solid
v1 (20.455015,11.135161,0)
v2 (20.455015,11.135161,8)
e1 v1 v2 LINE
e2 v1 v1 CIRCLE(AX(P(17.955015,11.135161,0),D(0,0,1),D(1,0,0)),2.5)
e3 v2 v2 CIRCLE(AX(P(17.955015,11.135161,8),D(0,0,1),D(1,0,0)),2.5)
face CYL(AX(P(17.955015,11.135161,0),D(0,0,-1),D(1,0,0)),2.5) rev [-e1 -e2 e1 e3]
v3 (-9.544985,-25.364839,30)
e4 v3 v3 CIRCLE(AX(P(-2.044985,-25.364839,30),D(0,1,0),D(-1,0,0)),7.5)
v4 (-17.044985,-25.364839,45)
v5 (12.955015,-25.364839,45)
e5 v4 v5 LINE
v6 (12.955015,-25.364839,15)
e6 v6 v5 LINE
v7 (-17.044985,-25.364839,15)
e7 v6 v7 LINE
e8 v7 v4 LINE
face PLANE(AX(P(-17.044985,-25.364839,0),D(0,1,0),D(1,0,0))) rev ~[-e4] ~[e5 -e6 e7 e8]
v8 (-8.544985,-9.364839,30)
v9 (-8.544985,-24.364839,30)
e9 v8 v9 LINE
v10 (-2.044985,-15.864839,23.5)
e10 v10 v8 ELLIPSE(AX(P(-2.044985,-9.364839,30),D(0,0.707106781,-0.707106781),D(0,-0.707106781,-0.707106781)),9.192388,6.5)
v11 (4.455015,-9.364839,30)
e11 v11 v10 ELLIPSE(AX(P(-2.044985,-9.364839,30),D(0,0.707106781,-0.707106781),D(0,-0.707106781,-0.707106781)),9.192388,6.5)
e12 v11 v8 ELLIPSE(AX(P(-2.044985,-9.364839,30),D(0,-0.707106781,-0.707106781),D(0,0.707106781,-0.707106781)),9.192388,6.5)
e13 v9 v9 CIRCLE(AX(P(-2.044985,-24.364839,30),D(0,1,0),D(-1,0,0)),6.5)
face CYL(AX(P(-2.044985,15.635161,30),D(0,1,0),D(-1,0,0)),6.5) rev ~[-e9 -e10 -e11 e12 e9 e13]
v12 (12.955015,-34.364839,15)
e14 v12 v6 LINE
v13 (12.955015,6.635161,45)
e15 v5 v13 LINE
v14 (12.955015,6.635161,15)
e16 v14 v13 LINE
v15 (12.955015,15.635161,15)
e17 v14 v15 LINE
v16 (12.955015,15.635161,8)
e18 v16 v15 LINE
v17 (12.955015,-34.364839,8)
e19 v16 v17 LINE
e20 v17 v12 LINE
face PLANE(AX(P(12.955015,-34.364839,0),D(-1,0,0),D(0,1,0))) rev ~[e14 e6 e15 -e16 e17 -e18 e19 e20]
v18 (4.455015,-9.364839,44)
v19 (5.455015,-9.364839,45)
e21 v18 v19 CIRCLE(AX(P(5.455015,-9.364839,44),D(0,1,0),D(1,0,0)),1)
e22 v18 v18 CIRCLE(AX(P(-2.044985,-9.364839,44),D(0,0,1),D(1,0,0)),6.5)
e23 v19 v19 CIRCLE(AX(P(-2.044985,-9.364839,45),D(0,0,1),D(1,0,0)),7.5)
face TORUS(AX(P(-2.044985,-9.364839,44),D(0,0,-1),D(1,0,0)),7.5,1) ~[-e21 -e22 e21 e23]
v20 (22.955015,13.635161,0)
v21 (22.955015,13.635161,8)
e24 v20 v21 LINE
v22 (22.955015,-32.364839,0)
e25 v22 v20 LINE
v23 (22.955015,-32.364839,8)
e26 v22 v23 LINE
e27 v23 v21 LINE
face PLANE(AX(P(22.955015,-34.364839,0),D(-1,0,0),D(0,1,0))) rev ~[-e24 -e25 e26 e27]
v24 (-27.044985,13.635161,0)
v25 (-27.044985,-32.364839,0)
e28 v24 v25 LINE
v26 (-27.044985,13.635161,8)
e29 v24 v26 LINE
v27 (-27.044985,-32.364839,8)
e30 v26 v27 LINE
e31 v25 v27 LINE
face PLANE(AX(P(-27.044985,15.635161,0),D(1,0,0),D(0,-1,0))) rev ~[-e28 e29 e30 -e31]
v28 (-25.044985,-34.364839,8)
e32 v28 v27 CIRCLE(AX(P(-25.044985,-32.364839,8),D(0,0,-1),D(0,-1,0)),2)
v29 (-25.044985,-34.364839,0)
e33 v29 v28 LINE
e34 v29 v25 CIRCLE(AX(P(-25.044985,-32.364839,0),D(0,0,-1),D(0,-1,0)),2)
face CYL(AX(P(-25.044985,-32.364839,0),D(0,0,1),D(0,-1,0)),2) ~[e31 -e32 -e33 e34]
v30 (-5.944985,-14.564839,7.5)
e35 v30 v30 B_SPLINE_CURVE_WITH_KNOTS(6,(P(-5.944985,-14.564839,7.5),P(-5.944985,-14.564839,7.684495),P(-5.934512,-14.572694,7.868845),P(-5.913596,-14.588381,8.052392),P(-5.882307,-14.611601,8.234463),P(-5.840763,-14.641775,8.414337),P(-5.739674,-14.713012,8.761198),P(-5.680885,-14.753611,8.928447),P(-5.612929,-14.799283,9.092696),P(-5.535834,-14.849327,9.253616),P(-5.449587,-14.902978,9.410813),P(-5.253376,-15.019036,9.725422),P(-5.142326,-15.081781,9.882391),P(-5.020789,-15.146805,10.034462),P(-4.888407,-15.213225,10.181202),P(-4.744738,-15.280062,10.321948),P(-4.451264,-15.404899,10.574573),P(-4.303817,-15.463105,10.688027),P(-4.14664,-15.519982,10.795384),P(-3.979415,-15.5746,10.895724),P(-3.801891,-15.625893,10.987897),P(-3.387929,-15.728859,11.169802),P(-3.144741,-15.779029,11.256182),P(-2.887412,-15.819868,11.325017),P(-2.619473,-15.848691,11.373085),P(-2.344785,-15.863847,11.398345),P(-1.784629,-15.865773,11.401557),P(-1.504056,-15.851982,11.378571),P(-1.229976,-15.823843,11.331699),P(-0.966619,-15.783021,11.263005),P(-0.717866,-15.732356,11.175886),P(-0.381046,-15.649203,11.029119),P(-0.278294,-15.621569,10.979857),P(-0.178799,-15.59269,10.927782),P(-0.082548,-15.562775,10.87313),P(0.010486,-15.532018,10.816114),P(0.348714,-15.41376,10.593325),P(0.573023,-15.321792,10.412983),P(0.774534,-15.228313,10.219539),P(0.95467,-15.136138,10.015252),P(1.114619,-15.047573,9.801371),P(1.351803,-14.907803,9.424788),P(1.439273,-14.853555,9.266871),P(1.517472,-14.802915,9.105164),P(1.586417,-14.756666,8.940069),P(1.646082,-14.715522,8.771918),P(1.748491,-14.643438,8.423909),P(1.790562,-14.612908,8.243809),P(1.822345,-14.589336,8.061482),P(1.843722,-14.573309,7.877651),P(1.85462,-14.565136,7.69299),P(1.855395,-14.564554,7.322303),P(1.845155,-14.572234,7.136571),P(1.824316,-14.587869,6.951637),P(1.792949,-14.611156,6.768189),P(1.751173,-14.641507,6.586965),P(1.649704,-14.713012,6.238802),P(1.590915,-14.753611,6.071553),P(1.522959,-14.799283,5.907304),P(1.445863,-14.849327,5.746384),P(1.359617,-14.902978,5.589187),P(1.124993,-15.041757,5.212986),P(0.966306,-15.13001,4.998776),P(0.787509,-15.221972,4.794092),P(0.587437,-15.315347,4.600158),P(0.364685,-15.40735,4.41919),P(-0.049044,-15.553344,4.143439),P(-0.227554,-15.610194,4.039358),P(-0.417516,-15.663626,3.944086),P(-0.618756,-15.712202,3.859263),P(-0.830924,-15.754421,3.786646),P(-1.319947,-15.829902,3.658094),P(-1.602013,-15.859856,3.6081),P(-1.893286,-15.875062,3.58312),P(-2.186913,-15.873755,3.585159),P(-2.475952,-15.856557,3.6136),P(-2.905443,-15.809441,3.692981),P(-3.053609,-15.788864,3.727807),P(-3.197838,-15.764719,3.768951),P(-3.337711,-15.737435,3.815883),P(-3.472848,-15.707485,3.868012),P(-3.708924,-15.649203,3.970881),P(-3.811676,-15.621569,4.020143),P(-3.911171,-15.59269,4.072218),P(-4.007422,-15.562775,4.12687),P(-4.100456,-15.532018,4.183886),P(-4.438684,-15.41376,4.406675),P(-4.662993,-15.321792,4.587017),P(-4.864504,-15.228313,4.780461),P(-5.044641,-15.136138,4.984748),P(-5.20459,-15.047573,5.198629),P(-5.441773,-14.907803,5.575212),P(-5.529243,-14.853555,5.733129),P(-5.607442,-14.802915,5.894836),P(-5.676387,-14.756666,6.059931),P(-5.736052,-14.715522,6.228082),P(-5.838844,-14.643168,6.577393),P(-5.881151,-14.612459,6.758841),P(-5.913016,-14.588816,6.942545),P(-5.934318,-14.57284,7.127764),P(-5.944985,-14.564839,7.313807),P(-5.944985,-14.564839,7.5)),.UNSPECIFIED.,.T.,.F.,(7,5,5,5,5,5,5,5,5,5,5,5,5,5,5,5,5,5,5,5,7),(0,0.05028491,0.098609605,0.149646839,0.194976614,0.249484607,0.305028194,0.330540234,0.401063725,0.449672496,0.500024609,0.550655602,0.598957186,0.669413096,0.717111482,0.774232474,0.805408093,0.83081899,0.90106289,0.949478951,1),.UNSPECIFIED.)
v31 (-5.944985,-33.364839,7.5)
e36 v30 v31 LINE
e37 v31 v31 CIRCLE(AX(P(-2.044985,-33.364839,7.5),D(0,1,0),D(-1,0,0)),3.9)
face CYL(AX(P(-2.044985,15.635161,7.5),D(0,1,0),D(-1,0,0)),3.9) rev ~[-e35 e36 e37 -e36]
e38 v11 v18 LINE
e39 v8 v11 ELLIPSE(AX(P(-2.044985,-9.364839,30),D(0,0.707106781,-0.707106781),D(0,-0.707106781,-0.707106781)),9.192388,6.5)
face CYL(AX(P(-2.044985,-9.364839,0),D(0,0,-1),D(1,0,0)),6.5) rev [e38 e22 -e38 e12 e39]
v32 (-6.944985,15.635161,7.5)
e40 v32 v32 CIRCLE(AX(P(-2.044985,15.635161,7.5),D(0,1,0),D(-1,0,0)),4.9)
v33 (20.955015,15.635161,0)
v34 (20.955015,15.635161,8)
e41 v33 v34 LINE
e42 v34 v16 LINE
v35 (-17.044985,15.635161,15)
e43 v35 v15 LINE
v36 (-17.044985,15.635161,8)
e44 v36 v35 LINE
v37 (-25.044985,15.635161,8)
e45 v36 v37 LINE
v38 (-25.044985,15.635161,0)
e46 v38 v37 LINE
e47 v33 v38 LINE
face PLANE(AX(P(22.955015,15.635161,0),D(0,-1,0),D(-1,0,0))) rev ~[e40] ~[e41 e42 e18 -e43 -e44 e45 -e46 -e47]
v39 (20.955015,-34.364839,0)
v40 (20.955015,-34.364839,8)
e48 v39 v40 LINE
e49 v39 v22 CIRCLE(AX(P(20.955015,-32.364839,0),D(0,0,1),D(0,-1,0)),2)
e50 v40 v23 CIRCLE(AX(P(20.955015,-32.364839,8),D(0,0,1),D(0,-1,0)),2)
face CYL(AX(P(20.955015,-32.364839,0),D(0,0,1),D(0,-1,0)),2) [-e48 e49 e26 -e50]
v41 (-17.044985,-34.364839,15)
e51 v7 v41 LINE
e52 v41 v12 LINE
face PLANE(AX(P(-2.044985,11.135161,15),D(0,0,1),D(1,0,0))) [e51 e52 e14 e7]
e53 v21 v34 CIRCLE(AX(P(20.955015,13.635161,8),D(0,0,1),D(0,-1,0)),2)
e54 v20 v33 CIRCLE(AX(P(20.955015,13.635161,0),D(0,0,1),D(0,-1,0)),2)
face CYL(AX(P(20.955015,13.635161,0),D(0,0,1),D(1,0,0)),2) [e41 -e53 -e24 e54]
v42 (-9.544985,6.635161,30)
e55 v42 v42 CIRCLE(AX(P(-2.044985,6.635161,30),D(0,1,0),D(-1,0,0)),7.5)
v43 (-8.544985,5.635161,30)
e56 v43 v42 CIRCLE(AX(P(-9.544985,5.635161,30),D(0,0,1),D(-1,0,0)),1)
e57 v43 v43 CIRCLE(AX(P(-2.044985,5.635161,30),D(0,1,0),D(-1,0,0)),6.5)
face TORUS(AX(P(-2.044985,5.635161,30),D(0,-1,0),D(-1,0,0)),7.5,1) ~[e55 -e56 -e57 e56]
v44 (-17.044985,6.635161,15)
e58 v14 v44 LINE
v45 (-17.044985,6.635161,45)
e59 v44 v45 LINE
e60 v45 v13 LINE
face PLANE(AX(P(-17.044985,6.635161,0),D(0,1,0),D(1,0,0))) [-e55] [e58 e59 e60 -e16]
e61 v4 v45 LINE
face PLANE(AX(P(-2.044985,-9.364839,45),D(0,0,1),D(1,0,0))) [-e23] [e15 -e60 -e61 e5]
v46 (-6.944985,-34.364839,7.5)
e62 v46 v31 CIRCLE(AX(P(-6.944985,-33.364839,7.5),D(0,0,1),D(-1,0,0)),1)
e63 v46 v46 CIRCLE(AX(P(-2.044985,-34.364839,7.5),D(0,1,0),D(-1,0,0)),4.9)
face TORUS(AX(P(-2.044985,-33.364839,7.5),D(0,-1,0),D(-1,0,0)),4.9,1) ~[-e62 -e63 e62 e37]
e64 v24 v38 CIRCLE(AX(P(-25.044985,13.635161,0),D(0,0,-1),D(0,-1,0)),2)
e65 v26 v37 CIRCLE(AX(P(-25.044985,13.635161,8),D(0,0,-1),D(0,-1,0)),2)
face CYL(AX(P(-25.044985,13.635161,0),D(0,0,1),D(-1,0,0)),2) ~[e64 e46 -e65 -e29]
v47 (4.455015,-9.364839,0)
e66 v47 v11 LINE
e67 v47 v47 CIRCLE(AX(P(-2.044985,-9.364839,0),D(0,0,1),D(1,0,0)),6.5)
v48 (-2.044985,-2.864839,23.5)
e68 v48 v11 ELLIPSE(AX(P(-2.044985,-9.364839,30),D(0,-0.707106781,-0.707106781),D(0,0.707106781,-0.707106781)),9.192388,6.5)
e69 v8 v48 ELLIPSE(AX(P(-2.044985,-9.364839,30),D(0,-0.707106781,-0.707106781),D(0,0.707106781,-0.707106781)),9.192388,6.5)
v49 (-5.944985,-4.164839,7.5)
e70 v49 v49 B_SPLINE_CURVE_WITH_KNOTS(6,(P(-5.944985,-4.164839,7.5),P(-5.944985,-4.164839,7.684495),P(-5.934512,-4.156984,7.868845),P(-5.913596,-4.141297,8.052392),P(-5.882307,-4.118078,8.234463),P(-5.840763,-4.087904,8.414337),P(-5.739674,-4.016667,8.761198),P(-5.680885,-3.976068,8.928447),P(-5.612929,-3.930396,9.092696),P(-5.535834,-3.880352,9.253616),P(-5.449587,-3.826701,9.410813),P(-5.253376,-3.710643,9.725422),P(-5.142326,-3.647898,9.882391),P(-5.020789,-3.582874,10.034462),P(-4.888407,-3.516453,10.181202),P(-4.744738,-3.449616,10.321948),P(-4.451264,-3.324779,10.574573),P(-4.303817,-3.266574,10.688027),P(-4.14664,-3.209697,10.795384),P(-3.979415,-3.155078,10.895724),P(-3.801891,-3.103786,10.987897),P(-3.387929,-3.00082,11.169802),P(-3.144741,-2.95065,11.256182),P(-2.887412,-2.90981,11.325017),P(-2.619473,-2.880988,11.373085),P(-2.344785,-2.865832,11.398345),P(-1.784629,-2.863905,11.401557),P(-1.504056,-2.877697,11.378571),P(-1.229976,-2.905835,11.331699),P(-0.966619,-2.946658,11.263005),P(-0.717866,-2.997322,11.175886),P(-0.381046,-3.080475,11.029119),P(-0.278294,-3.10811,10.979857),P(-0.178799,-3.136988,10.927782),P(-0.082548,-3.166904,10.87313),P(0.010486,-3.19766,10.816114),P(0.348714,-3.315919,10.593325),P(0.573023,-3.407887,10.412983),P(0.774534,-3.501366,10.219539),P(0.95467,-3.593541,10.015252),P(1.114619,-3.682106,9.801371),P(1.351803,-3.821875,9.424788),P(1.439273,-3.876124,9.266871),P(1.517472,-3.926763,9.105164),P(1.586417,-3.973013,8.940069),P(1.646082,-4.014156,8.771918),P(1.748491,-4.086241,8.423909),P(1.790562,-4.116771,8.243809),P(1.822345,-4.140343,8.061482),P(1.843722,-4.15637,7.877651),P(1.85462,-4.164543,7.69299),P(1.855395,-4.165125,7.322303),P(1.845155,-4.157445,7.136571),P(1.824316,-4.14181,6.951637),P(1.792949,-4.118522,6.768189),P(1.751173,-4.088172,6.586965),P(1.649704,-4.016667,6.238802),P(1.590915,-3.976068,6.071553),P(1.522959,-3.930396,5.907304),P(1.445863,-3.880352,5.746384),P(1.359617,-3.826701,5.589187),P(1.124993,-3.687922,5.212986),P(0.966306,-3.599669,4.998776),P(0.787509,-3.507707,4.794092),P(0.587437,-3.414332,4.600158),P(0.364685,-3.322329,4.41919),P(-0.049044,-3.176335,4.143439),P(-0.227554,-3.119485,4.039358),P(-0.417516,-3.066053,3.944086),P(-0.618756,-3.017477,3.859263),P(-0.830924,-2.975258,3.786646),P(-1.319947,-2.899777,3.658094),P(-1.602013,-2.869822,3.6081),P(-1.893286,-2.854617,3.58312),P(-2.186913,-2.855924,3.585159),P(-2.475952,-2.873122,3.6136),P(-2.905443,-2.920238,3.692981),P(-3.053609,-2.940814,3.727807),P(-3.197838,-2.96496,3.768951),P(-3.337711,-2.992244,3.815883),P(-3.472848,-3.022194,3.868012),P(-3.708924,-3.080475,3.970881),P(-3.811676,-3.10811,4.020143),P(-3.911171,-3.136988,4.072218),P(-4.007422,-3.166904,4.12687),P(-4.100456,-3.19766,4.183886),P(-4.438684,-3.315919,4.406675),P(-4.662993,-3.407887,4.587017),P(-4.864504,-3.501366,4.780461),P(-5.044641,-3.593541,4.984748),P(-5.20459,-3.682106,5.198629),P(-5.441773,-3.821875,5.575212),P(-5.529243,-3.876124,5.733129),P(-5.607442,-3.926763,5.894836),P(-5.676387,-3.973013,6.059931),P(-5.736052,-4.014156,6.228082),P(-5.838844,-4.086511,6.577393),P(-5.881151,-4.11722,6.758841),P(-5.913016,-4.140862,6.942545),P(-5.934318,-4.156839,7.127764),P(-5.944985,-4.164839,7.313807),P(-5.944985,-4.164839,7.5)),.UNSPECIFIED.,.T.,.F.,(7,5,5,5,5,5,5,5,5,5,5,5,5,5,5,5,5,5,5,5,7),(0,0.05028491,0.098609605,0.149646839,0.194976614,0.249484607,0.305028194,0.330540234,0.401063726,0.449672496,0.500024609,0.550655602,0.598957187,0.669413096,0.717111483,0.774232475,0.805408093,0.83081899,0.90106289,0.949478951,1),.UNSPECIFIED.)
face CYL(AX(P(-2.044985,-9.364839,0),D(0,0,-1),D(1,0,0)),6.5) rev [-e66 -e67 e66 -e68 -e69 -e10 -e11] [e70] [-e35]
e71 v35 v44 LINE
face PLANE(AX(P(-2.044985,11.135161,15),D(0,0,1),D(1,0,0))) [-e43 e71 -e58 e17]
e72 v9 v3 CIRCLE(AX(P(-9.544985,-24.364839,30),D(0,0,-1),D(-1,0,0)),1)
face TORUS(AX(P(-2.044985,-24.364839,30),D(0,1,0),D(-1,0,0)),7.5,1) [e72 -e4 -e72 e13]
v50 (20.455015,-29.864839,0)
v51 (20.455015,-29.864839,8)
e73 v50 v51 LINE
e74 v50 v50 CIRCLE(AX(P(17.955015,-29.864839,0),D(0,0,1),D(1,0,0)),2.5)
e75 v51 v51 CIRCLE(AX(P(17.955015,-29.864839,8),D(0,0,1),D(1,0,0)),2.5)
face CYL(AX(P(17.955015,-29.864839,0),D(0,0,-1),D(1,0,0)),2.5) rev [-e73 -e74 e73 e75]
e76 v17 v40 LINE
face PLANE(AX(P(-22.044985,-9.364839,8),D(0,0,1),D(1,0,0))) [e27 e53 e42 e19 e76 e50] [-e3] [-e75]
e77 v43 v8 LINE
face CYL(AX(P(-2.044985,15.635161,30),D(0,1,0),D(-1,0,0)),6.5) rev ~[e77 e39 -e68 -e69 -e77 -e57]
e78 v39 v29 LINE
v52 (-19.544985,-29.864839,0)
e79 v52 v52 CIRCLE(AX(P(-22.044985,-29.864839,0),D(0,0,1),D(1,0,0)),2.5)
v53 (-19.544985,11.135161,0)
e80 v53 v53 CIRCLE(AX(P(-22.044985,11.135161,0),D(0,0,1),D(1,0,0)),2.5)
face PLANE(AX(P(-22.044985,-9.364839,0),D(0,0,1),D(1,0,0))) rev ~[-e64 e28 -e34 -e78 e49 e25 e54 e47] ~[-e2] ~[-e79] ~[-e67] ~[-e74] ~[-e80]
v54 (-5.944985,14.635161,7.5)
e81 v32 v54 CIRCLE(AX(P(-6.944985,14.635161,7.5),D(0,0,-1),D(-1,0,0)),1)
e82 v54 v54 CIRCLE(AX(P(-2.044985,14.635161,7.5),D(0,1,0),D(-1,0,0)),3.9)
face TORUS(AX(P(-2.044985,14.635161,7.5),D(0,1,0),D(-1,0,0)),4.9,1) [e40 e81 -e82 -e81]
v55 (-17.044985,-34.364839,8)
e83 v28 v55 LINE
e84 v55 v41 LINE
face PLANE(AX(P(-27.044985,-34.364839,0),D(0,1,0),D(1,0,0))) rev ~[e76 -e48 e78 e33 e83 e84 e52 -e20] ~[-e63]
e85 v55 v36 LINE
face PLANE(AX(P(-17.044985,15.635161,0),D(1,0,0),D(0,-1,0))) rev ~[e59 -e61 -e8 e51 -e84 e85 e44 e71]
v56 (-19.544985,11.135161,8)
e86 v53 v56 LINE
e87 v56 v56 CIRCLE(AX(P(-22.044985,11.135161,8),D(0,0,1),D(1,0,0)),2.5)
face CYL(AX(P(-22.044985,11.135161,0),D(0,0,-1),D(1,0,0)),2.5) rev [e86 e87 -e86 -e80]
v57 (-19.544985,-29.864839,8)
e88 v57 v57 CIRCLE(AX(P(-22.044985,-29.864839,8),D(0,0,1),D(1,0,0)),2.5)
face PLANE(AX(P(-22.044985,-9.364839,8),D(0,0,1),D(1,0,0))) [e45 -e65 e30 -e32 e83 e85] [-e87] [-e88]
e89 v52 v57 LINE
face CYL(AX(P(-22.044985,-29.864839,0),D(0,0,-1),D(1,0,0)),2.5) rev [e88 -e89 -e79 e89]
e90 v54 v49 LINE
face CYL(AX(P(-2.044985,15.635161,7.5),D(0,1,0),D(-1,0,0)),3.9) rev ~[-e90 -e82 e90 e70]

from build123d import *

# Parameters (mm, degrees)
F0_R     = 2.5
F0_W     = 30
F0_H     = 9
F0_H_2   = 32
F0_R_2   = 6.5
F1_DEPTH = 8
F2_DEPTH = 15
F3_DEPTH = 45
F4_R     = 6.5
F4_R_2   = 3.9
F5_DEPTH = 50.001
F6_R     = 1
F7_R     = 2


with BuildPart() as f1:
    # F0 (on Top) → F1 (new body)
    with BuildSketch(Plane.XY):
        Polygon((-17.0449850708, 15.6351606453), (-27.0449850708, 15.6351606453), (-27.0449850708, -34.3648393547), (-17.0449850708, -34.3648393547), (-17.0449850708, -25.3648393547), (-17.0449850708, 6.6351606453), align=None)
        with Locations((-22.0449850708, -29.8648393547)):
            Circle(F0_R, mode=Mode.SUBTRACT)
        with Locations((-22.0449850708, 11.1351606453)):
            Circle(F0_R, mode=Mode.SUBTRACT)
        with Locations((-2.0449850708, 11.1351606453)):
            Rectangle(F0_W, F0_H)
        Polygon((22.9550149292, 15.6351606453), (12.9550149292, 15.6351606453), (12.9550149292, 6.6351606453), (12.9550149292, -25.3648393547), (12.9550149292, -34.3648393547), (22.9550149292, -34.3648393547), align=None)
        with Locations((17.9550149292, -29.8648393547)):
            Circle(F0_R, mode=Mode.SUBTRACT)
        with Locations((17.9550149292, 11.1351606453)):
            Circle(F0_R, mode=Mode.SUBTRACT)
        with Locations((-2.0449850708, -29.8648393547)):
            Rectangle(F0_W, F0_H)
        with Locations((-2.0449850708, -9.3648393547)):
            Rectangle(F0_W, F0_H_2)
        with Locations((-2.0449850708, -9.3648393547)):
            Circle(F0_R_2, mode=Mode.SUBTRACT)
    extrude(amount=F1_DEPTH)

    # F0 (on Top) → F2 (join)
    with BuildSketch(Plane.XY):
        with Locations((-2.0449850708, 11.1351606453)):
            Rectangle(F0_W, F0_H)
        with Locations((-2.0449850708, -29.8648393547)):
            Rectangle(F0_W, F0_H)
        with Locations((-2.0449850708, -9.3648393547)):
            Rectangle(F0_W, F0_H_2)
        with Locations((-2.0449850708, -9.3648393547)):
            Circle(F0_R_2, mode=Mode.SUBTRACT)
    extrude(amount=F2_DEPTH)

    # F0 (on Top) → F3 (join)
    with BuildSketch(Plane.XY):
        with Locations((-2.0449850708, -9.3648393547)):
            Rectangle(F0_W, F0_H_2)
        with Locations((-2.0449850708, -9.3648393547)):
            Circle(F0_R_2, mode=Mode.SUBTRACT)
    extrude(amount=F3_DEPTH)

    # F4 (on face) → F5 (cut, through all)
    with BuildSketch(Plane(origin=(0, 15.6351606453, 0), x_dir=(-1, 0, 0), z_dir=(0, 1, 0))):
        with Locations((2.0449850708, 30)):
            Circle(F4_R)
        with Locations((2.0449850708, 7.5)):
            Circle(F4_R_2)
    extrude(amount=-F5_DEPTH, mode=Mode.SUBTRACT)

    # F6
    f6_edges = [f1.edges().sort_by_distance(p)[0] for p in [
        (1.855015, 15.635161, 7.5),
        (1.855015, -34.364839, 7.5),
        (-8.544985, -9.364839, 45),
        (4.455015, -25.364839, 30),
        (4.455015, 6.635161, 30),
    ]]
    fillet(f6_edges, radius=F6_R)

    # F7
    f7_edges = [f1.edges().sort_by_distance(p)[0] for p in [
        (-27.044985, -34.364839, 4),
        (22.955015, -34.364839, 4),
        (22.955015, 15.635161, 4),
        (-27.044985, 15.635161, 4),
    ]]
    fillet(f7_edges, radius=F7_R)


solid = f1.part
